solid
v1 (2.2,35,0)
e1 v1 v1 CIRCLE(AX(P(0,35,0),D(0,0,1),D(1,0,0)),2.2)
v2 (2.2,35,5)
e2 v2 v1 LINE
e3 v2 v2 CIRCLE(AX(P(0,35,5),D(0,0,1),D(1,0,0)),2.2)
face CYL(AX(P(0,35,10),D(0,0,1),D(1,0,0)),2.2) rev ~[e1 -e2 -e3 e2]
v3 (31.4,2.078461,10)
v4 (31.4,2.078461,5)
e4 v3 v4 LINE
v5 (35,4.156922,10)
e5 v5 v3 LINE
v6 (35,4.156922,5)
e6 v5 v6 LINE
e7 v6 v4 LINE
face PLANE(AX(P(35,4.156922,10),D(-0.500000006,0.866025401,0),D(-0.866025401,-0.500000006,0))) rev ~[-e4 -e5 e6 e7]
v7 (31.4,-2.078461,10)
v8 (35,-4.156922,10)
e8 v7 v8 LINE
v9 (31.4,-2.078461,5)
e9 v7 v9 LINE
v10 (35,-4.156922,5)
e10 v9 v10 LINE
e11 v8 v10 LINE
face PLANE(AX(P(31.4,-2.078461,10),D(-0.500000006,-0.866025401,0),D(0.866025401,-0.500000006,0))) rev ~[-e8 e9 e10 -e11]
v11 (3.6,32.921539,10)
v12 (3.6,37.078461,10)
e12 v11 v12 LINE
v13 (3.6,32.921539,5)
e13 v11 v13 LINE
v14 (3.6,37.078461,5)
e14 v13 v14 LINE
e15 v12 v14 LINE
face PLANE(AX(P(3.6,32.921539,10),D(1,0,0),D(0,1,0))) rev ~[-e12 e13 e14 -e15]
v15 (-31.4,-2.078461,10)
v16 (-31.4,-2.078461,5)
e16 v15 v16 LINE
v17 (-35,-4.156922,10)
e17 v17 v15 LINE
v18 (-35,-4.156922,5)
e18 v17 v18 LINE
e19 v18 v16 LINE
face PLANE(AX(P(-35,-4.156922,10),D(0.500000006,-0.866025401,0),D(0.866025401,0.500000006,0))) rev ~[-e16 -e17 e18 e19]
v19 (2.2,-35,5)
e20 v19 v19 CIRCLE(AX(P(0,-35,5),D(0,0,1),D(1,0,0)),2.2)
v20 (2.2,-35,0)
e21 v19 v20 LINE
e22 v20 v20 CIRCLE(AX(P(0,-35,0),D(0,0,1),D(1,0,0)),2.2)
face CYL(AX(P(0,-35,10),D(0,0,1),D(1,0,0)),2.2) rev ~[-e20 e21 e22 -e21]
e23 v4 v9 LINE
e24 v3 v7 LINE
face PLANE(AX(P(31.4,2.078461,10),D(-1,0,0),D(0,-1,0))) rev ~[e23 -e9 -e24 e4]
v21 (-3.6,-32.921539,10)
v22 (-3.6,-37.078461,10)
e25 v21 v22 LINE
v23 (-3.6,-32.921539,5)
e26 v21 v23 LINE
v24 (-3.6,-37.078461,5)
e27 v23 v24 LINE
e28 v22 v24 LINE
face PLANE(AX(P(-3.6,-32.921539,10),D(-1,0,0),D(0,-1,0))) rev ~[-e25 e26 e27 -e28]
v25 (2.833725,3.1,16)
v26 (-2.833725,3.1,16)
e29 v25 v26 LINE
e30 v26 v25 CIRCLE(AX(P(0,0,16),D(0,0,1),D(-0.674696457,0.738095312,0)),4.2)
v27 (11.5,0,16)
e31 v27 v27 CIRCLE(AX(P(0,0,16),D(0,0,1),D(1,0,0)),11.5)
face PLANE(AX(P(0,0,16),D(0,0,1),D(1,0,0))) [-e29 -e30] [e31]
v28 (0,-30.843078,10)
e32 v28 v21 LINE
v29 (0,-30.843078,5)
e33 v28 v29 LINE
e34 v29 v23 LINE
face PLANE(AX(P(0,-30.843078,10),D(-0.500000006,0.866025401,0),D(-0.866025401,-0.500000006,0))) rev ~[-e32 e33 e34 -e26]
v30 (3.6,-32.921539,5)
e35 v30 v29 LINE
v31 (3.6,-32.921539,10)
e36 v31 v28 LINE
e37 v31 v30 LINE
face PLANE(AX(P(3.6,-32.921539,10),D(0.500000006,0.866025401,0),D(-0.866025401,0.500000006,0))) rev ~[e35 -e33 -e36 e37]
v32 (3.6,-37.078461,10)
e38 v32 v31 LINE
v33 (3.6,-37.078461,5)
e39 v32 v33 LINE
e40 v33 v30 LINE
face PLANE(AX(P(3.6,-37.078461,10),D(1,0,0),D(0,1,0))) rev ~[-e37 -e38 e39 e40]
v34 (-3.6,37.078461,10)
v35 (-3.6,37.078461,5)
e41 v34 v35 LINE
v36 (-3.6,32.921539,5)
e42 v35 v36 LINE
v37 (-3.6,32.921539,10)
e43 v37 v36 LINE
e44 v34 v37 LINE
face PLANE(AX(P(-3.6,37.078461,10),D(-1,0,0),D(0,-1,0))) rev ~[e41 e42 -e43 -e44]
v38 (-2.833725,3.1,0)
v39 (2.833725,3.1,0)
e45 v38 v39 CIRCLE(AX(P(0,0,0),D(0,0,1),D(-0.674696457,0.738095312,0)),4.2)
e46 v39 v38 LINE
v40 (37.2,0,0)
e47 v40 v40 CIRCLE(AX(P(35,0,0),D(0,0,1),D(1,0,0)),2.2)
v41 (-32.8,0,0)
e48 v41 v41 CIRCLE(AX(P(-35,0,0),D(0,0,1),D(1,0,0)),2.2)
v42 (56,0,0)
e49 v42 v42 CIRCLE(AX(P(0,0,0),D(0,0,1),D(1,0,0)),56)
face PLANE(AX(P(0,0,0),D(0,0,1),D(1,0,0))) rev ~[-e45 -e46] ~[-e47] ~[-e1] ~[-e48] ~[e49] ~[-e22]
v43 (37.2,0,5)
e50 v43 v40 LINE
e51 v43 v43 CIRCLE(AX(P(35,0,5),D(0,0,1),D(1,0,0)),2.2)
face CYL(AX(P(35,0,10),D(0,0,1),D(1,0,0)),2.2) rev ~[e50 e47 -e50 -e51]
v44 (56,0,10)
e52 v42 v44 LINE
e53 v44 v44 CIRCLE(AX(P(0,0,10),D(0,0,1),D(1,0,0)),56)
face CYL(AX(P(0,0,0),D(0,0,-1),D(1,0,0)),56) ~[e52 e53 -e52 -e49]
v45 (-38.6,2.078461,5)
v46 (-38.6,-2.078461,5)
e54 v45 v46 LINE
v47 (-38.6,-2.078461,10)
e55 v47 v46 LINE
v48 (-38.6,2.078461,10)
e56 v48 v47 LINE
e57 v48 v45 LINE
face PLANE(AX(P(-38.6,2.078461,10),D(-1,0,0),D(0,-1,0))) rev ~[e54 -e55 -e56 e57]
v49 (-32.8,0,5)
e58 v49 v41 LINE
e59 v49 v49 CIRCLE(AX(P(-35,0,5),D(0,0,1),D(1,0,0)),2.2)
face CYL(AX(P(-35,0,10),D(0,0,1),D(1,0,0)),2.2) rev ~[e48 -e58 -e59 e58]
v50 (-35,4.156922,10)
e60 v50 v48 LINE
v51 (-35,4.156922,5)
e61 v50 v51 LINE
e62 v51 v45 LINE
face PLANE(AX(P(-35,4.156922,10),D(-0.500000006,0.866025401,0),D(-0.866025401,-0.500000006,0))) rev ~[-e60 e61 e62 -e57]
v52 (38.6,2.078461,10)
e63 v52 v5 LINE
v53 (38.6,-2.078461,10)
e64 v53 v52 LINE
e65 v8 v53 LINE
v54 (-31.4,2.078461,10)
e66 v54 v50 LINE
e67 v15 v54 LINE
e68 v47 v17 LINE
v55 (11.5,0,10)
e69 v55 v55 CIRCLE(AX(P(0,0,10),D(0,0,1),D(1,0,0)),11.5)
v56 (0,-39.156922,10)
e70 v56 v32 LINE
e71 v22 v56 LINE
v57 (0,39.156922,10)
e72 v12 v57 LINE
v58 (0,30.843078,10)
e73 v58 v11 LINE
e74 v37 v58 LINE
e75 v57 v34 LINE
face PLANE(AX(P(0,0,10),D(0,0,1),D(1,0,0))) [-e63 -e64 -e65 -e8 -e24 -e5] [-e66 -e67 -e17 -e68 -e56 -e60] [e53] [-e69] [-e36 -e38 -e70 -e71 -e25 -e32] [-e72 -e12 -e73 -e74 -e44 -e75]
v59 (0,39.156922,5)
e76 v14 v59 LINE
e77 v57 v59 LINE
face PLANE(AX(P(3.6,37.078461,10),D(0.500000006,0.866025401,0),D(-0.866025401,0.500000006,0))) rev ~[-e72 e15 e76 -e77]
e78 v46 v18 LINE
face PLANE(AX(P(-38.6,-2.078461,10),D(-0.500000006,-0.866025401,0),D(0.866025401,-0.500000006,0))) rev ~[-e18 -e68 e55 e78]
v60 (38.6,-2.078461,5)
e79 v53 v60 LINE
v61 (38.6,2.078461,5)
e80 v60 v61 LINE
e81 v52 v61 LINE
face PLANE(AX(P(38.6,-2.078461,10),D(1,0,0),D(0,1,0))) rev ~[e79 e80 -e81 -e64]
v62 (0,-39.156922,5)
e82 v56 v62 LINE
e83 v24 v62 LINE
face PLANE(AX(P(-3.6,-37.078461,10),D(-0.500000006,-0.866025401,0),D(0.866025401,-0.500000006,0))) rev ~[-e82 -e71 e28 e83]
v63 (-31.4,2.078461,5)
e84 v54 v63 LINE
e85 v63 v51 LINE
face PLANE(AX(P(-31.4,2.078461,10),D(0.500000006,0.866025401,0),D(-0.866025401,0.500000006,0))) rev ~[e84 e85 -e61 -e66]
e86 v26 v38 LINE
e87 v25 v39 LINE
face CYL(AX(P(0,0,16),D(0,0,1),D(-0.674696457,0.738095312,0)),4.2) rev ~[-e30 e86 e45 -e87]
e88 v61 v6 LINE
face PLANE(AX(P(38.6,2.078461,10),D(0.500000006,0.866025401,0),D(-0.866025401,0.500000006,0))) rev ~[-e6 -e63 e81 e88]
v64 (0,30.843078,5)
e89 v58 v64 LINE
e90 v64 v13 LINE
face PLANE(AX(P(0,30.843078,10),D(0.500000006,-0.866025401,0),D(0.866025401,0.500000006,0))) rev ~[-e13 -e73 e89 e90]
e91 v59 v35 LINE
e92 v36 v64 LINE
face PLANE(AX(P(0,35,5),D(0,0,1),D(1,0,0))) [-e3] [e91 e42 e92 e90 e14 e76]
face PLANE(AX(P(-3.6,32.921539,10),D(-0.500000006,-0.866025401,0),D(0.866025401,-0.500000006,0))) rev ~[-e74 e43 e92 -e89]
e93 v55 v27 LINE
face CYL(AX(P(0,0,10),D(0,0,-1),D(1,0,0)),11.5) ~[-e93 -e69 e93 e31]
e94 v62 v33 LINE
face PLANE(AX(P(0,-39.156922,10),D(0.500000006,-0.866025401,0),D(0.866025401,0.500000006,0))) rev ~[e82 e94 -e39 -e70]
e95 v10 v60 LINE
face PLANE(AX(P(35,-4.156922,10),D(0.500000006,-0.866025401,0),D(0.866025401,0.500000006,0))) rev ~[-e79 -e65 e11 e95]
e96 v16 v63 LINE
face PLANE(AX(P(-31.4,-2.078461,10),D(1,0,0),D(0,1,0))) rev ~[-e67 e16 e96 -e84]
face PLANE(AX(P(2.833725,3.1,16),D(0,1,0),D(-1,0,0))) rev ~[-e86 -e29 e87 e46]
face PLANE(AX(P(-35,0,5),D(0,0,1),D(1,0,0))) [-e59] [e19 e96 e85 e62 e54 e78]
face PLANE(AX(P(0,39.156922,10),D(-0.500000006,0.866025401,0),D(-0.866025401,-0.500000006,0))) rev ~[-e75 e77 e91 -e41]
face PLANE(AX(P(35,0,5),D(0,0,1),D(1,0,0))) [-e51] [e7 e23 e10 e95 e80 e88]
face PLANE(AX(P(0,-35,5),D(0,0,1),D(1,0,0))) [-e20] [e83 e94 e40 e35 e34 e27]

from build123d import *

# Parameters (mm, degrees)
F0_R     = 56
F1_DEPTH = 10
F2_R     = 11.5
F3_DEPTH = 6
F5_DEPTH = 16
F6_R     = 2.2
F7_DEPTH = 10
F9_DEPTH = 5


with BuildPart() as f1:
    # F0 (on Top) → F1 (new body)
    with BuildSketch(Plane.XY):
        Circle(F0_R)
    extrude(amount=F1_DEPTH)

    # F2 (on face) → F3 (join)
    with BuildSketch(Plane.XY.offset(10)):
        Circle(F2_R)
    extrude(amount=F3_DEPTH)

    # F4 (on face) → F5 (cut)
    with BuildSketch(Plane.XY.offset(16)):
        with BuildLine():
            Line((2.833725, 3.1), (-2.833725, 3.1))
            ThreePointArc((-2.833725, 3.1), (0, -4.2), (2.833725, 3.1))
        make_face()
    extrude(amount=-F5_DEPTH, mode=Mode.SUBTRACT)

    # F6 (on face) → F7 (cut)
    with BuildSketch(Plane.XY.offset(10)):
        with Locations((0, 35)):
            Circle(F6_R)
        with Locations((35, 0)):
            Circle(F6_R)
        with Locations((-35, 0)):
            Circle(F6_R)
        with Locations((0, -35)):
            Circle(F6_R)
    extrude(amount=-F7_DEPTH, mode=Mode.SUBTRACT)

    # F8 (on face) → F9 (cut)
    with BuildSketch(Plane.XY.offset(10)):
        Polygon((3.6, 32.921539), (3.6, 37.078461), (0, 39.156922), (-3.6, 37.078461), (-3.6, 32.921539), (0, 30.843078), align=None)
        Polygon((38.6, -2.078461), (38.6, 2.078461), (35, 4.156922), (31.4, 2.078461), (31.4, -2.078461), (35, -4.156922), align=None)
        Polygon((3.6, -37.078461), (3.6, -32.921539), (0, -30.843078), (-3.6, -32.921539), (-3.6, -37.078461), (0, -39.156922), align=None)
        Polygon((-31.4, -2.078461), (-31.4, 2.078461), (-35, 4.156922), (-38.6, 2.078461), (-38.6, -2.078461), (-35, -4.156922), align=None)
    extrude(amount=-F9_DEPTH, mode=Mode.SUBTRACT)


solid = f1.part
